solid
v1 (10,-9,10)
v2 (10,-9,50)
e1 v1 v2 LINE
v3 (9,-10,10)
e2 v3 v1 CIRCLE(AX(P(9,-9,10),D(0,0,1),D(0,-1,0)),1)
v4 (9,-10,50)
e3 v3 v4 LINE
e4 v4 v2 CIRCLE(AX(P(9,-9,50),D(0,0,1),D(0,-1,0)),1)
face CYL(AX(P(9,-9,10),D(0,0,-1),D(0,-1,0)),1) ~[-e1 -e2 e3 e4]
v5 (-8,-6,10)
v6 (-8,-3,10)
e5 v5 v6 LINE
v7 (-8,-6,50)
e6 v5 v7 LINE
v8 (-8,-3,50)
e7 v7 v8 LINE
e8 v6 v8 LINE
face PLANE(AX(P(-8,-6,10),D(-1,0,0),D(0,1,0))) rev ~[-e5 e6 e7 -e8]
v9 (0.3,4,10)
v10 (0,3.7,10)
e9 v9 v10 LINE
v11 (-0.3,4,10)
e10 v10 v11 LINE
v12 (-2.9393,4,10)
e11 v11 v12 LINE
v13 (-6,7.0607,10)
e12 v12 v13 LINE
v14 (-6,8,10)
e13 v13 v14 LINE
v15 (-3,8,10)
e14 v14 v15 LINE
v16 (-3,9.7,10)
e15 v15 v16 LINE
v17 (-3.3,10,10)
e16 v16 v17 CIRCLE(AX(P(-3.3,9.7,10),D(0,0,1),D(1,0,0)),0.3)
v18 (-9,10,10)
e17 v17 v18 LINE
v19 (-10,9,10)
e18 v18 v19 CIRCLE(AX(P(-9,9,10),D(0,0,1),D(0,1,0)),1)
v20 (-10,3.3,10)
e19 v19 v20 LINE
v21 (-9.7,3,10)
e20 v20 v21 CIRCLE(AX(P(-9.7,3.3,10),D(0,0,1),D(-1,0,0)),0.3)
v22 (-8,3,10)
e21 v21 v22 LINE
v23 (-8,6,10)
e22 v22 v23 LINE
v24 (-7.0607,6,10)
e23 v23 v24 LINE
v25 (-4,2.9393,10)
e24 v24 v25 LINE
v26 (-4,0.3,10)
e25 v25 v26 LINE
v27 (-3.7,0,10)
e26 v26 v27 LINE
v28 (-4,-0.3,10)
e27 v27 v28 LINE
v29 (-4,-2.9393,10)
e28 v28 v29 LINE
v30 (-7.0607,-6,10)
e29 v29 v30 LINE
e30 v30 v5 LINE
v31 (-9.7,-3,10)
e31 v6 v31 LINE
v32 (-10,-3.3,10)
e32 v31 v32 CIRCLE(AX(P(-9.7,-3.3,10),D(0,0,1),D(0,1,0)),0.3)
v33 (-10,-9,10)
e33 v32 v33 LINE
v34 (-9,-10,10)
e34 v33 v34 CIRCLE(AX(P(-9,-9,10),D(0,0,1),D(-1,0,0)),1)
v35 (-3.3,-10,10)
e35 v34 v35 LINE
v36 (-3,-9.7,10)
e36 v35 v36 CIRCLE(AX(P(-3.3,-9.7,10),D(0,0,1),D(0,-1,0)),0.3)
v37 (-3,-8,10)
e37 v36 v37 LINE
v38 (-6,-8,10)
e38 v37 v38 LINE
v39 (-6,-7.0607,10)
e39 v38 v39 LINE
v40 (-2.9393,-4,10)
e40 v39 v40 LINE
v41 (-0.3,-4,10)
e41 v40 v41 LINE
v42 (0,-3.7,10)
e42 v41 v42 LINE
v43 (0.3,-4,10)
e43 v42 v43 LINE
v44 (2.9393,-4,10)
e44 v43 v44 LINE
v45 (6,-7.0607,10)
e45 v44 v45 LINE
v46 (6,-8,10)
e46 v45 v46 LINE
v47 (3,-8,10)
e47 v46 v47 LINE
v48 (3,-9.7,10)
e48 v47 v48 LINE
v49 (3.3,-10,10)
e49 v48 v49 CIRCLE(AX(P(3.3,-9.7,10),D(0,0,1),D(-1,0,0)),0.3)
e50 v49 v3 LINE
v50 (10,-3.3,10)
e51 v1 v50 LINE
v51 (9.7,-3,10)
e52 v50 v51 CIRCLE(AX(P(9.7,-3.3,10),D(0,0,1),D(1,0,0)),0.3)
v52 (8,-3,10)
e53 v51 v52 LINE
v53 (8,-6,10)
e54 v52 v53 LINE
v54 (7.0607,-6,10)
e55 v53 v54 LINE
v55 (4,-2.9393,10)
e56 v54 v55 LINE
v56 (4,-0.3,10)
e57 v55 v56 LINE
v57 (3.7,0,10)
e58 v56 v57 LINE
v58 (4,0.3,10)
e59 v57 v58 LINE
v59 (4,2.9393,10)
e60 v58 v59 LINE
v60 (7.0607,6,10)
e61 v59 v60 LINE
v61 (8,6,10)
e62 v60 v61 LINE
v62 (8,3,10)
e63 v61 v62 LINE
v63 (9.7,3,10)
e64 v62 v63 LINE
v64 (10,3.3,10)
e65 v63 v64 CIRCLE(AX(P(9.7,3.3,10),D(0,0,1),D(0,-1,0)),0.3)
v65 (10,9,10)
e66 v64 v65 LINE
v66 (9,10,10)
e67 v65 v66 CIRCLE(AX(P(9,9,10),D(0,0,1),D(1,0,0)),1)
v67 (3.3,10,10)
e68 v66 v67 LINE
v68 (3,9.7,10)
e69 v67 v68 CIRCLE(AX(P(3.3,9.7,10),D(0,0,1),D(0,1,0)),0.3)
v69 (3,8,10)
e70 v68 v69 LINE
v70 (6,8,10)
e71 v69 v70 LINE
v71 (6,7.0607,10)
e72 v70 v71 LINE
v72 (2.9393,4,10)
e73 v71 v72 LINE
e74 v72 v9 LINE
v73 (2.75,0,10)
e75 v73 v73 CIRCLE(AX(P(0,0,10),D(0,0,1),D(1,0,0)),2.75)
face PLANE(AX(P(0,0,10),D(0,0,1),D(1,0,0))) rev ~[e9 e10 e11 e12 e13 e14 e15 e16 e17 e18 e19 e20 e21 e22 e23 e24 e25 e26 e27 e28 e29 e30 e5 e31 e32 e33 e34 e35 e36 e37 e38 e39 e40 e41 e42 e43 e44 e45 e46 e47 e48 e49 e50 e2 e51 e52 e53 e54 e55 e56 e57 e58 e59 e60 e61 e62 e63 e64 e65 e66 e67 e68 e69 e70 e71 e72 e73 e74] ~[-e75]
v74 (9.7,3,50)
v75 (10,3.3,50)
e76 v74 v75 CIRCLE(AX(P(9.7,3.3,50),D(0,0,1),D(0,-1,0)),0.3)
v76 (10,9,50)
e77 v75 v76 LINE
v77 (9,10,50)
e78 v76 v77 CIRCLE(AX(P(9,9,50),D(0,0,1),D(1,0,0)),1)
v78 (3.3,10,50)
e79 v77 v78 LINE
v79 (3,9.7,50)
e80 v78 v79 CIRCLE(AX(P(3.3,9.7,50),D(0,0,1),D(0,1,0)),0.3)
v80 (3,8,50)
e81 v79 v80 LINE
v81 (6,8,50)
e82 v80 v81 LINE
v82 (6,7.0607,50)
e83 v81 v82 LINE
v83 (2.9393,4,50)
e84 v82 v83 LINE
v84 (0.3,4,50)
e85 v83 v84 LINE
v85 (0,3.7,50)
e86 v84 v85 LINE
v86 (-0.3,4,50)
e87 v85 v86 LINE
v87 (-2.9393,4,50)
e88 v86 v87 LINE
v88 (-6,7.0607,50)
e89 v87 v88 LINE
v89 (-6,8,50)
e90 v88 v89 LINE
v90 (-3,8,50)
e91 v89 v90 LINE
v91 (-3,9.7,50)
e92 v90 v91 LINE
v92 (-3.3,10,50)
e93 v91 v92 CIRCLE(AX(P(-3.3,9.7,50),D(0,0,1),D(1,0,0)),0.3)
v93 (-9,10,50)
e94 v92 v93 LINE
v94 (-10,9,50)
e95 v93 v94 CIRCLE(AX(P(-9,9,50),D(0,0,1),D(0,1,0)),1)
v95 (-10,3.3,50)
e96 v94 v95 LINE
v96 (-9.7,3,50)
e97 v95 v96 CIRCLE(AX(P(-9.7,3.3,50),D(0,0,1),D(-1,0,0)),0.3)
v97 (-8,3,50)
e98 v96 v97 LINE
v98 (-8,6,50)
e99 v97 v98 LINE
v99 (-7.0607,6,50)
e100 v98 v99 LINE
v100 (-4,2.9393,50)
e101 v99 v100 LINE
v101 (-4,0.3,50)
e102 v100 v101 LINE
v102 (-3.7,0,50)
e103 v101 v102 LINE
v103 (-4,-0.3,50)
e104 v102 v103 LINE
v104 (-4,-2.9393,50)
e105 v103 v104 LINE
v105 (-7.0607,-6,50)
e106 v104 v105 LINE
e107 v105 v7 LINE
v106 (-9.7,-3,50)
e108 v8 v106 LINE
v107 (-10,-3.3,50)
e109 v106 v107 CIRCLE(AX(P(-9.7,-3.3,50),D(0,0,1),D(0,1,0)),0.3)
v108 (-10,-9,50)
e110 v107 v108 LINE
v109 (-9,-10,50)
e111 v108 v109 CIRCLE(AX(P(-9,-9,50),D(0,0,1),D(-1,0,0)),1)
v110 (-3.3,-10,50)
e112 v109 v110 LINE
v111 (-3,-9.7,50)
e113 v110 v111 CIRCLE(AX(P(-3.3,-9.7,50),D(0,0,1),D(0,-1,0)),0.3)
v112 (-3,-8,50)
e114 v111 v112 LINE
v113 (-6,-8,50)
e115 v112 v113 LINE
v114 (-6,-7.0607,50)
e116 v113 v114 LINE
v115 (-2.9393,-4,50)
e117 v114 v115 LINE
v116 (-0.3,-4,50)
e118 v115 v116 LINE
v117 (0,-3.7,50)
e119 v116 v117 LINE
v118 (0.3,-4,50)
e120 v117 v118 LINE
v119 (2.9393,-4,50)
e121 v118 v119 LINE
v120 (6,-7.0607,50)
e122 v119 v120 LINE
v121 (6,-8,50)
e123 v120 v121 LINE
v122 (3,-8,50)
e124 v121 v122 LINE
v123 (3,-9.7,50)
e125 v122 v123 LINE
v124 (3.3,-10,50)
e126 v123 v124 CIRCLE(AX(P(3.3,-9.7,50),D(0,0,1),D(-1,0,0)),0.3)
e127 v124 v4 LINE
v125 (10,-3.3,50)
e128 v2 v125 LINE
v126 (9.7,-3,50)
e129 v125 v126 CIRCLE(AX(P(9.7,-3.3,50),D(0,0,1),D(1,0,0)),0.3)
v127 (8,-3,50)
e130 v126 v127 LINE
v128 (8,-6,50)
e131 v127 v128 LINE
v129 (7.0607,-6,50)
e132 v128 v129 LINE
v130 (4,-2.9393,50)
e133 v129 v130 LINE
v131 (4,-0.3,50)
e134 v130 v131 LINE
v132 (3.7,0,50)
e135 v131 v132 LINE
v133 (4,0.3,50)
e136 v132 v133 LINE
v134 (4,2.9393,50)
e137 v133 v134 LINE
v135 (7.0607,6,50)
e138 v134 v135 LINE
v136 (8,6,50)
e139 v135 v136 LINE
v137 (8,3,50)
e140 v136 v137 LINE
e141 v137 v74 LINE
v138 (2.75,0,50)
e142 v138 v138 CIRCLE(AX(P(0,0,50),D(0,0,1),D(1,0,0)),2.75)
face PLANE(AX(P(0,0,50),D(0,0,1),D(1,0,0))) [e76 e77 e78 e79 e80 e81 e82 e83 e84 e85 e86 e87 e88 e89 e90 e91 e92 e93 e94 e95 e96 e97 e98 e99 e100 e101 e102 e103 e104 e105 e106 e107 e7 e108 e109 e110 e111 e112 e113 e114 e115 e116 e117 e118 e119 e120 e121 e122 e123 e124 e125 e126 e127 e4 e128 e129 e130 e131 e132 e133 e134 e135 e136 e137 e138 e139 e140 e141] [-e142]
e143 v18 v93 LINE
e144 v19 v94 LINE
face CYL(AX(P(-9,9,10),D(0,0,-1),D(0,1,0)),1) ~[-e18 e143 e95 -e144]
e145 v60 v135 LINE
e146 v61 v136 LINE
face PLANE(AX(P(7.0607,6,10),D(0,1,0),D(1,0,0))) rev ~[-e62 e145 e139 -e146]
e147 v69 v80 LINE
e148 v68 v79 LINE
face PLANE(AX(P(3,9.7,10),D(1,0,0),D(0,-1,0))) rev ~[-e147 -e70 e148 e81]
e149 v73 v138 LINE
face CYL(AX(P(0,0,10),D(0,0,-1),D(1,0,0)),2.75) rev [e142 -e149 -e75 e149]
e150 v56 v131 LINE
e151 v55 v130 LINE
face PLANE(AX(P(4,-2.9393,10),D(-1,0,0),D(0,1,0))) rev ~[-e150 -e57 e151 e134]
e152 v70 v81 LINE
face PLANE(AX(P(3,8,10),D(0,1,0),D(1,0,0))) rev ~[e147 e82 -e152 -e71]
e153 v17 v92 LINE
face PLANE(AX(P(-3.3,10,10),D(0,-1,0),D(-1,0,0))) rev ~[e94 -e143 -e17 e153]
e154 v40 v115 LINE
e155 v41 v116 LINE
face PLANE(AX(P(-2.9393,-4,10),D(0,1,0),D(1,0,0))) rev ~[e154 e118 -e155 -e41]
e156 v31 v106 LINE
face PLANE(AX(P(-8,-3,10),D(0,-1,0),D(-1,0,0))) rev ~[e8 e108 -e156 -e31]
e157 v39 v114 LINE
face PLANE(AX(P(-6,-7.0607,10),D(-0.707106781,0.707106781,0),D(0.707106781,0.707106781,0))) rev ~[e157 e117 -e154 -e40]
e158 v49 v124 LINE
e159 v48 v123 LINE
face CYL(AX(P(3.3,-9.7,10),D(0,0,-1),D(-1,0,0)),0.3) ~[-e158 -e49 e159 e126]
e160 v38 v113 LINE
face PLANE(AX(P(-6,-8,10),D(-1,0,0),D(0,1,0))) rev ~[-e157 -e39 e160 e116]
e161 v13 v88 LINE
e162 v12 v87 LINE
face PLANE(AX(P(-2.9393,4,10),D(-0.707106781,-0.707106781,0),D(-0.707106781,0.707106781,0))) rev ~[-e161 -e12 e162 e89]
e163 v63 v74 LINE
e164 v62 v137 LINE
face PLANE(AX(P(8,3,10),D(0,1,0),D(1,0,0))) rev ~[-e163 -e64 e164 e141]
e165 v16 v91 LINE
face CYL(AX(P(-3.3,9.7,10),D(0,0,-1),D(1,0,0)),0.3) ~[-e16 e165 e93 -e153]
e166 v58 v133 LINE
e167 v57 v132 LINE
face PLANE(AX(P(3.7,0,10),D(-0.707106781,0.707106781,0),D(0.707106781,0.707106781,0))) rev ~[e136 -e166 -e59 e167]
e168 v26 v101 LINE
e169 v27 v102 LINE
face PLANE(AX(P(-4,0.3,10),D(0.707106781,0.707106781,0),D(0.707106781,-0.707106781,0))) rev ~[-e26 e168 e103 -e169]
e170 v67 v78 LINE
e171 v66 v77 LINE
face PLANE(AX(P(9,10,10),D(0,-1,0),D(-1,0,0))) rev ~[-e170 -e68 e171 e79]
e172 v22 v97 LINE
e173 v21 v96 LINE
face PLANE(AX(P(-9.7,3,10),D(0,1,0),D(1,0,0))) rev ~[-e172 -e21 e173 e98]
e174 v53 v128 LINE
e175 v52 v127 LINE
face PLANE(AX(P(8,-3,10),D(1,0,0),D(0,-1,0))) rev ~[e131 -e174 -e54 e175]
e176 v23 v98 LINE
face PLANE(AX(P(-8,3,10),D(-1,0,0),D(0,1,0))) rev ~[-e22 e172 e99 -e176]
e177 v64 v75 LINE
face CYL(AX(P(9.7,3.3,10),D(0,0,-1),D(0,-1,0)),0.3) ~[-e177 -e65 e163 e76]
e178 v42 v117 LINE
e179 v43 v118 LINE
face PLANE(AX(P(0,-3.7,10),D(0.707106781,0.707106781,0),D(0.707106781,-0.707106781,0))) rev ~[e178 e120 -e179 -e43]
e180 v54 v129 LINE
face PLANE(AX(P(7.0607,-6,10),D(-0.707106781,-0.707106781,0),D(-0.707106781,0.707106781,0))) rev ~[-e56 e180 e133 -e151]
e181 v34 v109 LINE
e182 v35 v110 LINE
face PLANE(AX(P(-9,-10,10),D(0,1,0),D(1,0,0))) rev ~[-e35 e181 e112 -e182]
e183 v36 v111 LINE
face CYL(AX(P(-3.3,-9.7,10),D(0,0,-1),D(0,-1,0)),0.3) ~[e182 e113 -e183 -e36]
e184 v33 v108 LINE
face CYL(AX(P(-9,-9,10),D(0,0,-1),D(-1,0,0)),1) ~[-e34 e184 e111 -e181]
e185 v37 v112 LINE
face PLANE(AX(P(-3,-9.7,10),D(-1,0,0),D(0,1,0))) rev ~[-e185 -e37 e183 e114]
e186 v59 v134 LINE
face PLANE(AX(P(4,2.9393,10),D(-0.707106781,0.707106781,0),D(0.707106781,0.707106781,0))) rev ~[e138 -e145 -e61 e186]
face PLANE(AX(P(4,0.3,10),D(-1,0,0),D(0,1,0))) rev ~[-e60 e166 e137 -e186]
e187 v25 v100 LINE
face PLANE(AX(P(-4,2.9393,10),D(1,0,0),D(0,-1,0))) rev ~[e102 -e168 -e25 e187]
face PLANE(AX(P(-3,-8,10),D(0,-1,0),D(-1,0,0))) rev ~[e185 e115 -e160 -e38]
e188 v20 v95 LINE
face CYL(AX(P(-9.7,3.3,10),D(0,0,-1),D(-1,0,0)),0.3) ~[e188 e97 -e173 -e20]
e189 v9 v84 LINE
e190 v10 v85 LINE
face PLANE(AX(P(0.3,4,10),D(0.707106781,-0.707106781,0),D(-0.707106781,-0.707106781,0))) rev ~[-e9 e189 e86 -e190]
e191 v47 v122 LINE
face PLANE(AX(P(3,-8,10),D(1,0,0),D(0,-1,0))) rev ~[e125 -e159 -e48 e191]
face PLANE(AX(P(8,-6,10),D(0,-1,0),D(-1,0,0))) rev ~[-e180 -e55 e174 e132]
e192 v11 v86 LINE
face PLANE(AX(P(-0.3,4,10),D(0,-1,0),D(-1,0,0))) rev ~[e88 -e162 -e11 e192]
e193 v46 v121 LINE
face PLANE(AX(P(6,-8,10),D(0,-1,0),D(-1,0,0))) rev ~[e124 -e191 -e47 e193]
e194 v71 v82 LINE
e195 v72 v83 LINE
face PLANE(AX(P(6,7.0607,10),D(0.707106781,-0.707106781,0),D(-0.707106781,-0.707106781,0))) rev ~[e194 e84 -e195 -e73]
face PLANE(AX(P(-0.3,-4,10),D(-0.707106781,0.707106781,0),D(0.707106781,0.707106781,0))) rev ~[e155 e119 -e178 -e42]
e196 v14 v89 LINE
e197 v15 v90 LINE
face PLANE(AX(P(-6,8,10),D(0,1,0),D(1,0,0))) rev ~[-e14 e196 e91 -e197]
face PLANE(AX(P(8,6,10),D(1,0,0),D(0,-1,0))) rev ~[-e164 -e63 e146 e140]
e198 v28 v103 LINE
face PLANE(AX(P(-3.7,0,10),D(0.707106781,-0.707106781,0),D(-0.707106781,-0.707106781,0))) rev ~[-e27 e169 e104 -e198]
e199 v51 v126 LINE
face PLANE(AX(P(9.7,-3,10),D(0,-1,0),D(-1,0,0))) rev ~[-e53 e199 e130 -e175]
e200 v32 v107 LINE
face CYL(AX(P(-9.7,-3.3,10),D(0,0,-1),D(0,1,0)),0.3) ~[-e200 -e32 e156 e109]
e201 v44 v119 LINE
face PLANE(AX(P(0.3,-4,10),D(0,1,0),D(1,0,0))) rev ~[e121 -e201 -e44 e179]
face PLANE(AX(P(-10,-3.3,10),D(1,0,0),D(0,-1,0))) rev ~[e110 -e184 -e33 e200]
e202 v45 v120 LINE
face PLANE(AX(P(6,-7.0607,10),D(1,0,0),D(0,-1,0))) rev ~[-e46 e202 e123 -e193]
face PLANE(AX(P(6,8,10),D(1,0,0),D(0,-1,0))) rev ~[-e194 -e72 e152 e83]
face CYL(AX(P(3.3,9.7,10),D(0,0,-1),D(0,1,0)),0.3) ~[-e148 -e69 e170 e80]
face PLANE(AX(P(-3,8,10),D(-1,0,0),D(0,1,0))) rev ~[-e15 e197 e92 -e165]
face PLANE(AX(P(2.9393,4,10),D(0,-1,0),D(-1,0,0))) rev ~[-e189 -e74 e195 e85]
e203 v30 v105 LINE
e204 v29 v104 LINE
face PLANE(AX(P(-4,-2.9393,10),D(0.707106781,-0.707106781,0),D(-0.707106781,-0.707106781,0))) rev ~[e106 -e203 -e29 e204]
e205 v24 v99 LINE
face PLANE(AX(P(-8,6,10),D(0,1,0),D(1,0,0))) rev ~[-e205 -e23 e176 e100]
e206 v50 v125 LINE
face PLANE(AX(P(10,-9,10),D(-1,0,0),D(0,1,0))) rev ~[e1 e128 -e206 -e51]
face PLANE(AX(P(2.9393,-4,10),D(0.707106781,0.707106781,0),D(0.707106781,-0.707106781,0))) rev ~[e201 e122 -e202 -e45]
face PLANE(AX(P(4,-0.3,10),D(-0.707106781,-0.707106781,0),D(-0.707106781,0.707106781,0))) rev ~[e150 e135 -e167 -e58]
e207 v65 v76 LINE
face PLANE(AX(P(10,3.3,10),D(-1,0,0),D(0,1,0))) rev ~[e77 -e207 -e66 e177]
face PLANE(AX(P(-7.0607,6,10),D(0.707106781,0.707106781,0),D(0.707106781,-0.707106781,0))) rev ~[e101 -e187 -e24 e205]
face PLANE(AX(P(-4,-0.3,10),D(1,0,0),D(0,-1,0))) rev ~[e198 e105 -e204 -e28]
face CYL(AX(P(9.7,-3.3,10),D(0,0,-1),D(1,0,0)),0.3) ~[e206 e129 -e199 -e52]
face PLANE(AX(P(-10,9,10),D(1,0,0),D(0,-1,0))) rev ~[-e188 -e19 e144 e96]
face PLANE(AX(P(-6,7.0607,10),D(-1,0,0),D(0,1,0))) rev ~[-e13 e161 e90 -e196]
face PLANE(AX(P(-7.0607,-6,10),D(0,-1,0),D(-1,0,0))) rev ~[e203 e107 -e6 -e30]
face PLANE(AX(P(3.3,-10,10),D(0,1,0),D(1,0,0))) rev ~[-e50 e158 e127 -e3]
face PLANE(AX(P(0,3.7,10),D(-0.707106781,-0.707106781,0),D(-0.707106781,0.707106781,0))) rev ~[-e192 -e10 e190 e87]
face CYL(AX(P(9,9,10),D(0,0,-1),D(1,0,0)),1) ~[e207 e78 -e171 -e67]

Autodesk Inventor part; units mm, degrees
ref_plane "Startebene" through (0, 0, 0) normal (0, 0, 1) x (1, 0, 0)
ref_plane "Endebene" through (0, 0, 320) normal (0, 0, 1) x (1, 0, 0)
ref_plane "Startebene1" through (0, 0, 0) normal (0, 0, 1) x (1, 0, 0)
ref_plane "Endebene1" through (0, 0, 60) normal (0, 0, 1) x (1, 0, 0)
ref_plane "Startebene2" through (0, 0, 10) normal (0, 0, 1) x (1, 0, 0)
ref_plane "Endebene2" through (0, 0, 50) normal (0, 0, 1) x (1, 0, 0)
sketch "Skizze" plane through (0, 0, 0) normal (0, 0, 1) x (1, 0, 0)
  line L0 (-10, 9) -> (-10, 3.3)
  arc A0 (-10, 3.3) -> (-9.7, 3) centre (-9.7, 3.3) ccw
  line L1 (-9.7, 3) -> (-8, 3)
  line L2 (-8, 3) -> (-8, 6)
  line L3 (-8, 6) -> (-7.0607, 6)
  line L4 (-7.0607, 6) -> (-4, 2.9393)
  line L5 (-4, 2.9393) -> (-4, 0.3)
  line L6 (-4, 0.3) -> (-3.7, 0)
  line L7 (-3.7, 0) -> (-4, -0.3)
  line L8 (-4, -0.3) -> (-4, -2.9393)
  line L9 (-4, -2.9393) -> (-7.0607, -6)
  line L10 (-7.0607, -6) -> (-8, -6)
  line L11 (-8, -6) -> (-8, -3)
  line L12 (-8, -3) -> (-9.7, -3)
  arc A1 (-9.7, -3) -> (-10, -3.3) centre (-9.7, -3.3) ccw
  line L13 (-10, -3.3) -> (-10, -9)
  arc A2 (-10, -9) -> (-9, -10) centre (-9, -9) ccw
  line L14 (-9, -10) -> (-3.3, -10)
  arc A3 (-3.3, -10) -> (-3, -9.7) centre (-3.3, -9.7) ccw
  line L15 (-3, -9.7) -> (-3, -8)
  line L16 (-3, -8) -> (-6, -8)
  line L17 (-6, -8) -> (-6, -7.0607)
  line L18 (-6, -7.0607) -> (-2.9393, -4)
  line L19 (-2.9393, -4) -> (-0.3, -4)
  line L20 (-0.3, -4) -> (0, -3.7)
  line L21 (0, -3.7) -> (0.3, -4)
  line L22 (0.3, -4) -> (2.9393, -4)
  line L23 (2.9393, -4) -> (6, -7.0607)
  line L24 (6, -7.0607) -> (6, -8)
  line L25 (6, -8) -> (3, -8)
  line L26 (3, -8) -> (3, -9.7)
  arc A4 (3, -9.7) -> (3.3, -10) centre (3.3, -9.7) ccw
  line L27 (3.3, -10) -> (9, -10)
  arc A5 (9, -10) -> (10, -9) centre (9, -9) ccw
  line L28 (10, -9) -> (10, -3.3)
  arc A6 (10, -3.3) -> (9.7, -3) centre (9.7, -3.3) ccw
  line L29 (9.7, -3) -> (8, -3)
  line L30 (8, -3) -> (8, -6)
  line L31 (8, -6) -> (7.0607, -6)
  line L32 (7.0607, -6) -> (4, -2.9393)
  line L33 (4, -2.9393) -> (4, -0.3)
  line L34 (4, -0.3) -> (3.7, 0)
  line L35 (3.7, 0) -> (4, 0.3)
  line L36 (4, 0.3) -> (4, 2.9393)
  line L37 (4, 2.9393) -> (7.0607, 6)
  line L38 (7.0607, 6) -> (8, 6)
  line L39 (8, 6) -> (8, 3)
  line L40 (8, 3) -> (9.7, 3)
  arc A7 (9.7, 3) -> (10, 3.3) centre (9.7, 3.3) ccw
  line L41 (10, 3.3) -> (10, 9)
  arc A8 (10, 9) -> (9, 10) centre (9, 9) ccw
  line L42 (9, 10) -> (3.3, 10)
  arc A9 (3.3, 10) -> (3, 9.7) centre (3.3, 9.7) ccw
  line L43 (3, 9.7) -> (3, 8)
  line L44 (3, 8) -> (6, 8)
  line L45 (6, 8) -> (6, 7.0607)
  line L46 (6, 7.0607) -> (2.9393, 4)
  line L47 (2.9393, 4) -> (0.3, 4)
  line L48 (0.3, 4) -> (0, 3.7)
  line L49 (0, 3.7) -> (-0.3, 4)
  line L50 (-0.3, 4) -> (-2.9393, 4)
  line L51 (-2.9393, 4) -> (-6, 7.0607)
  line L52 (-6, 7.0607) -> (-6, 8)
  line L53 (-6, 8) -> (-3, 8)
  line L54 (-3, 8) -> (-3, 9.7)
  arc A10 (-3, 9.7) -> (-3.3, 10) centre (-3.3, 9.7) ccw
  line L55 (-3.3, 10) -> (-9, 10)
  arc A11 (-9, 10) -> (-10, 9) centre (-9, 9) ccw
  circle A12 centre (0, 0) radius 2.75
  dimension "d2" = 5.5
  dimension "d3" = 10
  dimension "d4" = 10
  dimension "d5" = 5.7
  dimension "d6" = 5.7
  dimension "d7" = 1.7
  dimension "d8" = 3
  dimension "d9" = 0.3
  dimension "d10" = 90
  dimension "d11" = 45
  dimension "d12" = 45
  dimension "d13" = 45
  dimension "d14" = 90
  dimension "d15" = 90
  dimension "d16" = 45
  dimension "d17" = 45
  dimension "d18" = 45
  dimension "d19" = 45
  dimension "d20" = 90
  dimension "d21" = 90
  dimension "d22" = 45
  dimension "d23" = 45
  dimension "d24" = 90
  dimension "d25" = 90
  dimension "d26" = 90
  dimension "d27" = 90
  dimension "d28" = 90
  dimension "d29" = 90
  dimension "d30" = 90
  dimension "d31" = 90
  dimension "d32" = 90
  dimension "d33" = 90
  dimension "d34" = 90
  dimension "d35" = 90
  dimension "d36" = 90
  dimension "d37" = 90
  dimension "d38" = 90
  dimension "d39" = 4
  dimension "d40" = 6
  dimension "d41" = 13
  dimension "d42" = 14
  dimension "d43" = 16
  dimension "d44" = 18
  dimension "d45" = 3
  dimension "d46" = 9
  dimension "d47" = 7
  dimension "d48" = 1
  dimension "d49" = 7
  dimension "d50" = 1.5
  dimension "d51" = 1.8663
  dimension "d52" = 3.3663
  dimension "d53" = 1.5
  dimension "d54" = 1.8663
  dimension "d55" = 3.3663
  dimension "d56" = 4
  dimension "d57" = 10.8187
  dimension "d58" = 1.9092
  dimension "d59" = 5
  dimension "d60" = 13
  dimension "d61" = 13
  dimension "d62" = 16.0513
  dimension "d63" = 3.3234
  dimension "d64" = 14
  dimension "d65" = 12.685
extrude "Körper" add sketch "Skizze" along normal up to surface (40 mm away) from surface at 10
sketch "Skizze13" plane through (0, 0, 0) normal (0, 0, 1) x (1, 0, 0)
  line L0 (0, 0) -> (10, 0)
ref_plane "Arbeitsebene12" through (0, 0, 0) normal (0, -1, 0) x (1, 0, 0)
sketch "Skizze14" plane through (0, 0, 0) normal (0, -1, 0) x (1, 0, 0)
  line L0 (-2, 10) -> (12, 10)
  line L1 (-2, 50) -> (12, 50)
  dimension "d80" = 40
ref_plane "Arbeitsebene13" through (-3.3, 0, 50) normal (0, 0, 1) x (1, 0, 0)
split "Trennen1" plane through (-3.3, 0, 50) removes the side toward (0, 0, 1)
ref_plane "Arbeitsebene14" through (-9, 0, 10) normal (0, 0, -1) x (-1, 0, 0)
split "Trennen2" plane through (-9, 0, 10) removes the side toward (0, 0, -1)
equation "\"G_OFFSET_START\" = 0"
equation "\"G_OFFSET_END\" = 0"
equation "\"G_L\" = d80"
equation "\"G_OFFSET_START1\" = 0"
equation "\"G_OFFSET_END1\" = 0"
properties part number "Alu Profil 20x20 - AP2020" material "Aluminium 6061"
